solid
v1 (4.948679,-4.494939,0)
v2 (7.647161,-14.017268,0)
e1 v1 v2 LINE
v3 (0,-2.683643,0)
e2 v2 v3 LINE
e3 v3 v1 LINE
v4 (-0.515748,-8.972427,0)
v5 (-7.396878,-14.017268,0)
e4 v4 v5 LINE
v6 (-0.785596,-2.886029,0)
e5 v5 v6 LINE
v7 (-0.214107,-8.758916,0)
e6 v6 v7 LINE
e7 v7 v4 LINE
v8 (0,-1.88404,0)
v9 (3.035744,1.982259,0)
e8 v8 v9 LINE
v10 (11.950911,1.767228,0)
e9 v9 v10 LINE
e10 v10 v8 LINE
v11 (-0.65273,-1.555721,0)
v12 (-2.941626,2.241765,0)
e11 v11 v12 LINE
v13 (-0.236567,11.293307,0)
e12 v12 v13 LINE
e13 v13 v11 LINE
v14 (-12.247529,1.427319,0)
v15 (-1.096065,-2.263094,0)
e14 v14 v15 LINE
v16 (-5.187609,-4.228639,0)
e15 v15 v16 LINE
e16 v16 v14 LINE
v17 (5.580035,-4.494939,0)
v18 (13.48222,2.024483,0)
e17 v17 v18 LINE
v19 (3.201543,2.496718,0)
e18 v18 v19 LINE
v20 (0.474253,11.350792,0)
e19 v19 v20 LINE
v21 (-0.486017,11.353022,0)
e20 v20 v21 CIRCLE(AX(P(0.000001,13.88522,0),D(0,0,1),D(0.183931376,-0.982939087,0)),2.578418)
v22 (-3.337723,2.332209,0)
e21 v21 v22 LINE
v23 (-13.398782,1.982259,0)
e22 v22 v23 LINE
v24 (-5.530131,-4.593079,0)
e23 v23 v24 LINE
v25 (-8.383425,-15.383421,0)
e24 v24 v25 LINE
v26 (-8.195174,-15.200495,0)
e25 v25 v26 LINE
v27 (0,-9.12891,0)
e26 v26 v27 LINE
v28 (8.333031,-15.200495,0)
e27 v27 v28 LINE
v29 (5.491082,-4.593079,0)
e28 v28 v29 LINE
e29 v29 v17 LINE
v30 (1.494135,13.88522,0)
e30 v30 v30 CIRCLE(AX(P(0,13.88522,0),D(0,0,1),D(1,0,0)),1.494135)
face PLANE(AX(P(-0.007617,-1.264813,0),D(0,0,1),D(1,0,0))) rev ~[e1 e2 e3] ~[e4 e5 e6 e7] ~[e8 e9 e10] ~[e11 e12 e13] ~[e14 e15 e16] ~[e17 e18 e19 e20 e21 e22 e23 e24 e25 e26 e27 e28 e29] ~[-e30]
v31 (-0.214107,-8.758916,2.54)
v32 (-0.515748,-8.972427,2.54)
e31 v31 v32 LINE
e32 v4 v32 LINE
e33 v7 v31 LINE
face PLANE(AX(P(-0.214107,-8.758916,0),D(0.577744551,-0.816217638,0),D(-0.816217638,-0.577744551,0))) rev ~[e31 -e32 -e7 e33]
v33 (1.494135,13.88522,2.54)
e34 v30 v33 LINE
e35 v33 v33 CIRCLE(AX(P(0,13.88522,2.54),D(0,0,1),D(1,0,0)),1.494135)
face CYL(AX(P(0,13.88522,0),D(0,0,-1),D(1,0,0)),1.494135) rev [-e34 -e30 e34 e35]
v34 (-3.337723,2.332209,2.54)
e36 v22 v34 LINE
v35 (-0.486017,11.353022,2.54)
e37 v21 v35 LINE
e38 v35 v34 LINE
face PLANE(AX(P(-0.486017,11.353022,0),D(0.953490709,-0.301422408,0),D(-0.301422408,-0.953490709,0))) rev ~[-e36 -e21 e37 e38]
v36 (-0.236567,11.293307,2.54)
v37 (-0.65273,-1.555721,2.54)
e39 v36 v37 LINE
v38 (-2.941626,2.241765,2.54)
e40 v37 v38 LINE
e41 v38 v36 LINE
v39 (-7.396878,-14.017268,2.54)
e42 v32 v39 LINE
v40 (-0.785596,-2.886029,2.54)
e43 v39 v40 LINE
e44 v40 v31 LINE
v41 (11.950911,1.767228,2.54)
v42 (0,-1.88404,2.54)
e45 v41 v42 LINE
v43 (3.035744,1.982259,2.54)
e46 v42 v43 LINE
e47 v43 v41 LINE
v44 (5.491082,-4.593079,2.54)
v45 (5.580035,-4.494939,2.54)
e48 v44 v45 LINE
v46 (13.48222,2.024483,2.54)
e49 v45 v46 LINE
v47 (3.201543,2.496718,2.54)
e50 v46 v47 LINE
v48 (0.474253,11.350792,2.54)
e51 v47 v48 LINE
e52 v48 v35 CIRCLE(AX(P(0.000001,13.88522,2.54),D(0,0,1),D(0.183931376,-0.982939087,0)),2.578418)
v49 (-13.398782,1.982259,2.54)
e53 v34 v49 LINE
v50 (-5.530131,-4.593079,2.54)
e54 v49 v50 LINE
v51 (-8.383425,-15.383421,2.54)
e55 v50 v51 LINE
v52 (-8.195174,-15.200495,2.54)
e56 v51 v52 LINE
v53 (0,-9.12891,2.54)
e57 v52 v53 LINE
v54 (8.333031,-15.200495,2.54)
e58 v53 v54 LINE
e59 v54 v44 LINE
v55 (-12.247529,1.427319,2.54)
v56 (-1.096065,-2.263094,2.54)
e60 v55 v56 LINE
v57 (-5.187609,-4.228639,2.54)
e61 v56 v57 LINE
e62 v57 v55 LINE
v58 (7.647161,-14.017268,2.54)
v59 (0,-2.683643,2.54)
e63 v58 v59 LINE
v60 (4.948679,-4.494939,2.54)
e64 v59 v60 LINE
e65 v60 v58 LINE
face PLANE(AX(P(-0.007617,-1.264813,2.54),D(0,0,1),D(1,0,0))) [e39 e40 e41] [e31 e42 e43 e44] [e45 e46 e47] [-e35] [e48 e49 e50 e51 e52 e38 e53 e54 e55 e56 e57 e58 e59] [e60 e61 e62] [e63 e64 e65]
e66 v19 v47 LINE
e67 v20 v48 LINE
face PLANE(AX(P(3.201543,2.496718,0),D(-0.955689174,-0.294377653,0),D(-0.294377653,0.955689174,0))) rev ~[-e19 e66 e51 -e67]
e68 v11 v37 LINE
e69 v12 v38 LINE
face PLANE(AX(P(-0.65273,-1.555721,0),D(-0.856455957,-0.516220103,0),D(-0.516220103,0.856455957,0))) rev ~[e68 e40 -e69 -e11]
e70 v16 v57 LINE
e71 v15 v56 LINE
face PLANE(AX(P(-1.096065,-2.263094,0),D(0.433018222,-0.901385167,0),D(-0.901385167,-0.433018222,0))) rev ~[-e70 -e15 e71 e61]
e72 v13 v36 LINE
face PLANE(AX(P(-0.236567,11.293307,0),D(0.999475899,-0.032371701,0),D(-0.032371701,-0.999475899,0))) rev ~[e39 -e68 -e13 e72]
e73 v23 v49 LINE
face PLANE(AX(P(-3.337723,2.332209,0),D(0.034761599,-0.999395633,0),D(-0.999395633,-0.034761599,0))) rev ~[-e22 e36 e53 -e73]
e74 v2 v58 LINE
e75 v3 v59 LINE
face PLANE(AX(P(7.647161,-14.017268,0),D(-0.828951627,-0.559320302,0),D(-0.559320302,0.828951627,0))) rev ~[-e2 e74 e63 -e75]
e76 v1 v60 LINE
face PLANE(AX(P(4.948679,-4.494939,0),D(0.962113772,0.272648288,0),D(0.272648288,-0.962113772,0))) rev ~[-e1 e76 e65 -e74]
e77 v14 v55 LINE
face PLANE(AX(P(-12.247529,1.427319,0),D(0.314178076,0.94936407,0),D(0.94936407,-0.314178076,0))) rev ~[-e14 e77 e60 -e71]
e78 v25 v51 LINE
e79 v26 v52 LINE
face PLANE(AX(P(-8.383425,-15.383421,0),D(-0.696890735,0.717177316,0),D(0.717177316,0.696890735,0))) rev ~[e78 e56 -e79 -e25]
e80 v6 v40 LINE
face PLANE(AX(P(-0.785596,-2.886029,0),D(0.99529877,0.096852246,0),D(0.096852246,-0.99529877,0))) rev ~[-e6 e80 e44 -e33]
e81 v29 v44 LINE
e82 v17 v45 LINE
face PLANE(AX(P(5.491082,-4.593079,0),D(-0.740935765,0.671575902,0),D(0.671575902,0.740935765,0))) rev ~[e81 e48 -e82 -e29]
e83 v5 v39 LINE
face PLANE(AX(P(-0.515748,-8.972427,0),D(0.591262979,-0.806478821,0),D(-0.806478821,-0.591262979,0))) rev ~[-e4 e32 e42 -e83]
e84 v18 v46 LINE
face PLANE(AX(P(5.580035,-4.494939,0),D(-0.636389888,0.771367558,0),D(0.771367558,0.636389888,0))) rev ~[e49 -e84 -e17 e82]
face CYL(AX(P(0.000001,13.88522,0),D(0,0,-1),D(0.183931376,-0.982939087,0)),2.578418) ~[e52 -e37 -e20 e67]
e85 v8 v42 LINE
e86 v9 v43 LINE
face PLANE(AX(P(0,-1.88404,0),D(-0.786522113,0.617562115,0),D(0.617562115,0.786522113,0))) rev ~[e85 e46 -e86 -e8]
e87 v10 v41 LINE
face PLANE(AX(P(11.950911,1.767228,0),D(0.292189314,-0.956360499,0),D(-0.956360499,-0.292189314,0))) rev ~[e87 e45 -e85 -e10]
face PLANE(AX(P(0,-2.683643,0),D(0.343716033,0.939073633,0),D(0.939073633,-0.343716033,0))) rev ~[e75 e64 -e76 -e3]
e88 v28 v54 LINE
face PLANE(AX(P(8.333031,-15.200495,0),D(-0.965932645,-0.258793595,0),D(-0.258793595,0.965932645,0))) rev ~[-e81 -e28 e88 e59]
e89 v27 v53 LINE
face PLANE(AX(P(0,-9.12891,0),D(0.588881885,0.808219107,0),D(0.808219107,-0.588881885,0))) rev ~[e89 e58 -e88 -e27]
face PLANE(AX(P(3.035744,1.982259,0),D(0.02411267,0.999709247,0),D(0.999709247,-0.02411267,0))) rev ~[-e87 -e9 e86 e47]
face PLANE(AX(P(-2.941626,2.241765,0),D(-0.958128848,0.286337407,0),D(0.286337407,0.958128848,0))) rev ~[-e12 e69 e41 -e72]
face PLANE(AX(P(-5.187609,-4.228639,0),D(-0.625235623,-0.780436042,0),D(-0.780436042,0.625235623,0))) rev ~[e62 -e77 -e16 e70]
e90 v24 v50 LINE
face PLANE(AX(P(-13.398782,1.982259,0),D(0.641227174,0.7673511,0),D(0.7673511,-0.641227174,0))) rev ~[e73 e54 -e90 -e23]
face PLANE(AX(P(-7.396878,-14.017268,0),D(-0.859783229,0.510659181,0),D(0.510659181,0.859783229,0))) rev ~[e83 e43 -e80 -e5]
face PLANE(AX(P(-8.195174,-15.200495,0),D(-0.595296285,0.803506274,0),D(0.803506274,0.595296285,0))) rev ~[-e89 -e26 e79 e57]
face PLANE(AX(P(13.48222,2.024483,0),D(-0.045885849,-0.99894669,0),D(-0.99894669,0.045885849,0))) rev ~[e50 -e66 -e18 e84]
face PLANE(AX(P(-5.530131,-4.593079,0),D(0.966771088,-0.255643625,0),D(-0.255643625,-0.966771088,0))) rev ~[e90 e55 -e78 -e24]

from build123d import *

# Parameters (mm, degrees)
F0_R     = 1.494135
F1_DEPTH = 2.54


with BuildPart() as f1:
    # F0 (on Top) → F1 (new body)
    with BuildSketch(Plane.XY):
        with BuildLine():
            Line((13.48222, 2.024483), (3.201543, 2.496718))
            Line((3.201543, 2.496718), (0.474253, 11.350792))
            ThreePointArc((0.474253, 11.350792), (0.005987, 16.463631), (-0.486017, 11.353022))
            Line((-0.486017, 11.353022), (-3.337723, 2.332209))
            Line((-3.337723, 2.332209), (-13.398782, 1.982259))
            Line((-13.398782, 1.982259), (-5.530131, -4.593079))
            Line((-5.530131, -4.593079), (-8.383425, -15.383421))
            Line((-8.383425, -15.383421), (-8.195174, -15.200495))
            Line((-8.195174, -15.200495), (0, -9.12891))
            Line((0, -9.12891), (8.333031, -15.200495))
            Line((8.333031, -15.200495), (5.491082, -4.593079))
            Line((5.491082, -4.593079), (5.580035, -4.494939))
            Line((5.580035, -4.494939), (13.48222, 2.024483))
        make_face()
        Polygon((-0.515748, -8.972427), (-7.396878, -14.017268), (-0.785596, -2.886029), (-0.214107, -8.758916), align=None, mode=Mode.SUBTRACT)
        Polygon((-12.247529, 1.427319), (-1.096065, -2.263094), (-5.187609, -4.228639), align=None, mode=Mode.SUBTRACT)
        Polygon((4.948679, -4.494939), (7.647161, -14.017268), (0, -2.683643), align=None, mode=Mode.SUBTRACT)
        Polygon((11.950911, 1.767228), (0, -1.88404), (3.035744, 1.982259), align=None, mode=Mode.SUBTRACT)
        Polygon((-2.941626, 2.241765), (-0.236567, 11.293307), (-0.65273, -1.555721), align=None, mode=Mode.SUBTRACT)
        with Locations((0, 13.88522)):
            Circle(F0_R, mode=Mode.SUBTRACT)
    extrude(amount=F1_DEPTH)


solid = f1.part
